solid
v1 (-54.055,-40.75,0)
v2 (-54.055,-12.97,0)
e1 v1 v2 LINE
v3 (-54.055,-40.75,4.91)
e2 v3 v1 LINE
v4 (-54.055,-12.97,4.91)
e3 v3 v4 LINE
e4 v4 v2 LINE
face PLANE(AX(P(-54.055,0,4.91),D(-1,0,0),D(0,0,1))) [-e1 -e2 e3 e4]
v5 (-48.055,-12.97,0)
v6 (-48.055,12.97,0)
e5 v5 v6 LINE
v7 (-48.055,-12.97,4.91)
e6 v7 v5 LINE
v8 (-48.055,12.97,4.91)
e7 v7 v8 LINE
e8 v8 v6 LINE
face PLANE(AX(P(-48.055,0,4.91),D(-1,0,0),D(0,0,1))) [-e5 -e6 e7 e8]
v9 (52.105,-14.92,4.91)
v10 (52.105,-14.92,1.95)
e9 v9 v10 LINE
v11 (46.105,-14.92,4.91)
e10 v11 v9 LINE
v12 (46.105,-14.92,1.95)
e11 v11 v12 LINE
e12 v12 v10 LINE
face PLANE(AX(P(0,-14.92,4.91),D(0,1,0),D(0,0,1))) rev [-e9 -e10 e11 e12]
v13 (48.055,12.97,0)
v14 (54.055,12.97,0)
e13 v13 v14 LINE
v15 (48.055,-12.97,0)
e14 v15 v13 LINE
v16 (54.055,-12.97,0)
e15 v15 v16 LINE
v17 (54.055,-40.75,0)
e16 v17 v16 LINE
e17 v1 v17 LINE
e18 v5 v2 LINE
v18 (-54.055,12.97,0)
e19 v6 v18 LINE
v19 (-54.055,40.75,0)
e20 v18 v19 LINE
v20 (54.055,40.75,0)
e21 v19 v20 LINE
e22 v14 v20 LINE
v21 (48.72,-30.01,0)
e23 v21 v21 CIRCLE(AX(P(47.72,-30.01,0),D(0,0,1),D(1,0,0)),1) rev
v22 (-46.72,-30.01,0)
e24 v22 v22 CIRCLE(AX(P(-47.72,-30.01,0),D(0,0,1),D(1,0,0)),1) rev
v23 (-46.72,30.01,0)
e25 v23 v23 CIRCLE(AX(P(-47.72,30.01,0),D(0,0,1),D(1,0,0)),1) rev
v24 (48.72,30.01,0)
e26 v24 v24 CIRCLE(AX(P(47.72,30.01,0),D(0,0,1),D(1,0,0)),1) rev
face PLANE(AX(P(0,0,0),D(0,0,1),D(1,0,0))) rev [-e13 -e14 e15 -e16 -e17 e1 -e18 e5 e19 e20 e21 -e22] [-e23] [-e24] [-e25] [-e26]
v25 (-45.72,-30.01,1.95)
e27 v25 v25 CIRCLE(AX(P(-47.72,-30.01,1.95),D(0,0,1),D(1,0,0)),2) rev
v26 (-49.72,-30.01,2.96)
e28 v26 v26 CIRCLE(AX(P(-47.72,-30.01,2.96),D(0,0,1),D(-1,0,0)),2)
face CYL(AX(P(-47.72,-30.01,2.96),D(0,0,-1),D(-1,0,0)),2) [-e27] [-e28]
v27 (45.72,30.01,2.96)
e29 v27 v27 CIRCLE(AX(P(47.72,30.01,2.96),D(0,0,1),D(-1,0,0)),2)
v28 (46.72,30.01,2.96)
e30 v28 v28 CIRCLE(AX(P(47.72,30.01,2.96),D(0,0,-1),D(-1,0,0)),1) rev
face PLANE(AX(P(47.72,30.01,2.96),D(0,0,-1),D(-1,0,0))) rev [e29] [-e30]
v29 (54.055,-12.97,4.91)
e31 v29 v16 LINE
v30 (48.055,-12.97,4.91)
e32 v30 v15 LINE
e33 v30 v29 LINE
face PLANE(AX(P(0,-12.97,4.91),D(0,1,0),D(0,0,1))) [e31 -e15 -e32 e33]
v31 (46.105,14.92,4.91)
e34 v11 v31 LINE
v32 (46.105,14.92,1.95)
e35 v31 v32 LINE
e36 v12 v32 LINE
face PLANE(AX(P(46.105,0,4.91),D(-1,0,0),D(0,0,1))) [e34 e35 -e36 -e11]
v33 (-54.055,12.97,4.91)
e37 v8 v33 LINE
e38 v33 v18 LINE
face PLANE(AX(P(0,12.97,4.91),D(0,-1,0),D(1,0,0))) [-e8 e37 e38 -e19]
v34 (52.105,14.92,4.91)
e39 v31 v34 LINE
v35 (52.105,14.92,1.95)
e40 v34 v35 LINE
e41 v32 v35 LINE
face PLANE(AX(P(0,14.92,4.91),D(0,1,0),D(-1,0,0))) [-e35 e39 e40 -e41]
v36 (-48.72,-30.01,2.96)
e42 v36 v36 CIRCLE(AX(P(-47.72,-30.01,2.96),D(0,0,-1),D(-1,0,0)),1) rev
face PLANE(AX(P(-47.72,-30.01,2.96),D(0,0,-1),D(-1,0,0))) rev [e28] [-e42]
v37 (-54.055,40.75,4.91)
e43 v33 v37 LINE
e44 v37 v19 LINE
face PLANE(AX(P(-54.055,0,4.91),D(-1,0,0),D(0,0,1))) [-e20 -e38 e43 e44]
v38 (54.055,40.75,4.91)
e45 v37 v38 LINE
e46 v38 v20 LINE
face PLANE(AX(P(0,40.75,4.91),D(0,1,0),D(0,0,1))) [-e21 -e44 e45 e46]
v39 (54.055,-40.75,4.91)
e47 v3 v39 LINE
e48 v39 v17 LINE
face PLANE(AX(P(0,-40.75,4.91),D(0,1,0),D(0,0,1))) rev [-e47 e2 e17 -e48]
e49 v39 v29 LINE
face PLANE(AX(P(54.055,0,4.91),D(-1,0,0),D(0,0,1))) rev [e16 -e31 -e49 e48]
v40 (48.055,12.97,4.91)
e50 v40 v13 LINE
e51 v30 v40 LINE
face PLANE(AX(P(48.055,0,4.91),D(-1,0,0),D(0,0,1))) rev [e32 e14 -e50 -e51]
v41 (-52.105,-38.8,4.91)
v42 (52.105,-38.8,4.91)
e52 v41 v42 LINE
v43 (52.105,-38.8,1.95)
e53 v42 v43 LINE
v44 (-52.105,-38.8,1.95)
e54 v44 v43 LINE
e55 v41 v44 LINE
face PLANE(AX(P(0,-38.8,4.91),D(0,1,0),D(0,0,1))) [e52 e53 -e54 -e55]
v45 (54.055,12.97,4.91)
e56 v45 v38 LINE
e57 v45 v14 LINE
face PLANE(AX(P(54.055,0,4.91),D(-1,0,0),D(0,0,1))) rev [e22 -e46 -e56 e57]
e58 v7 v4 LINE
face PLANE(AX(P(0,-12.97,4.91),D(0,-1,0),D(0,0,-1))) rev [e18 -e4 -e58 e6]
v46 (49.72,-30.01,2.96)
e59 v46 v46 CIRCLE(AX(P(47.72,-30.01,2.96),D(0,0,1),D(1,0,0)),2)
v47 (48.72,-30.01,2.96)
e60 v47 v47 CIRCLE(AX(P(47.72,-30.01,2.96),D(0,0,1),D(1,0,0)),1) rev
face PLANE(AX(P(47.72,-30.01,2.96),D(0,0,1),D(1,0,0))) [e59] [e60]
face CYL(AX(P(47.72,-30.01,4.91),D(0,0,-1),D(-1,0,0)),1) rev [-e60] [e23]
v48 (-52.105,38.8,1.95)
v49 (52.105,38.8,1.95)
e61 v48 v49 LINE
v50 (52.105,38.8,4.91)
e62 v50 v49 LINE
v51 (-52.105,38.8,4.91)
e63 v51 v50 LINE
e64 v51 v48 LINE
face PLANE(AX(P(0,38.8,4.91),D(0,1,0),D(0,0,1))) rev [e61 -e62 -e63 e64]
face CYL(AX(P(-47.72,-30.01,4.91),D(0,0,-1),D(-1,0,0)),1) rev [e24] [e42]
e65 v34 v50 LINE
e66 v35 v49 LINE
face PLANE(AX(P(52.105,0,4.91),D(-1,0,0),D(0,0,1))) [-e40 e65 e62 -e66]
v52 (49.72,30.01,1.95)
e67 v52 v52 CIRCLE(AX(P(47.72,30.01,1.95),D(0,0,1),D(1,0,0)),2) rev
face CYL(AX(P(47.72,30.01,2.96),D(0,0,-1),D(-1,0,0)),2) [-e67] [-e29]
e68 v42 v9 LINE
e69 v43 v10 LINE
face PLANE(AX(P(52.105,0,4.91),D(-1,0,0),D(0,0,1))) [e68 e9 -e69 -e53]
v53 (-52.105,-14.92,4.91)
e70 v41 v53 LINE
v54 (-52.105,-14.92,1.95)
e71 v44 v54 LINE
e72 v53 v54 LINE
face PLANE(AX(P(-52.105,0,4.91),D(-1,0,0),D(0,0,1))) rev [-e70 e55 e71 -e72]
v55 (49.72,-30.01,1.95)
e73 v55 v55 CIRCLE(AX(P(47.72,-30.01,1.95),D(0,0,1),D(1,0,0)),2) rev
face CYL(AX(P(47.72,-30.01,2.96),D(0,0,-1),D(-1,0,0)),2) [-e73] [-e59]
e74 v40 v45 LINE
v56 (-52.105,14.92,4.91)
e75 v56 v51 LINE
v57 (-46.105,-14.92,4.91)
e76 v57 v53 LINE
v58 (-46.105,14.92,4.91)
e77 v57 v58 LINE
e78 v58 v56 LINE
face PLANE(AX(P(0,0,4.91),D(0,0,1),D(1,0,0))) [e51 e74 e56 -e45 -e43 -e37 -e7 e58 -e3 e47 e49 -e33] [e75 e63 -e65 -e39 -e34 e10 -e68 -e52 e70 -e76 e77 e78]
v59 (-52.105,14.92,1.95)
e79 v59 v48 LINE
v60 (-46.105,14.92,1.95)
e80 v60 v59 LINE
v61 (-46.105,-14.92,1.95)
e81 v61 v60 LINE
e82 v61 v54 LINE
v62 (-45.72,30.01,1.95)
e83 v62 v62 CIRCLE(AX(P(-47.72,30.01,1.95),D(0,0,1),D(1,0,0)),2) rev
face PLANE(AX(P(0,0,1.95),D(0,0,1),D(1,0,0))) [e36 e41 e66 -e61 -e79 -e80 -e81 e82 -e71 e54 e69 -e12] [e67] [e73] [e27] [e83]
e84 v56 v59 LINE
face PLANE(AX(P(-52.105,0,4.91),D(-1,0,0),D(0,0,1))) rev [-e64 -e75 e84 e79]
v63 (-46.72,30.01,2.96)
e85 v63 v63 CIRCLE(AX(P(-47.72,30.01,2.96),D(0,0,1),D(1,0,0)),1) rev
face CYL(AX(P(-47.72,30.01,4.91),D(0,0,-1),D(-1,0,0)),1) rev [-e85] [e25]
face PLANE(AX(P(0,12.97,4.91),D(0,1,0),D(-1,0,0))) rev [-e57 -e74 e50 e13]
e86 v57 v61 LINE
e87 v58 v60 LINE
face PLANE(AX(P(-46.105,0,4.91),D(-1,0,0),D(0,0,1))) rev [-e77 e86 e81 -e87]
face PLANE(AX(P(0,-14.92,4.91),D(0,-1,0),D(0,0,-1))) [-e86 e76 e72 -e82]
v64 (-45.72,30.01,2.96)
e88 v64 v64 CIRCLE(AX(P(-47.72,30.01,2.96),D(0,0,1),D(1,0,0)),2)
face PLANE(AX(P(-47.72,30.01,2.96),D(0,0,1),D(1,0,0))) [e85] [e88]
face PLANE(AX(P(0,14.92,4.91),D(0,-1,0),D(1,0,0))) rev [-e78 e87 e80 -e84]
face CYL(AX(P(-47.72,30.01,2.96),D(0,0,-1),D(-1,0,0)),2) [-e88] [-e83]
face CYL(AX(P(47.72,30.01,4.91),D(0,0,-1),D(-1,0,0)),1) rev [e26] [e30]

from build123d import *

# Parameters (mm, degrees)
SALIENTE_EXTRUIR1_DEPTH    = 4.91
VACIADO1_T                 = -1.95
CROQUIS3_R                 = 2
SALIENTE_EXTRUIR3_DEPTH    = 2.96
CORTAR_EXTRUIR1_DEPTH      = 68.872038609
CORTAR_EXTRUIR1_DEPTH_BACK = 2.96
CROQUIS4_R                 = 1


with BuildPart() as part:
    # Croquis1 → Saliente-Extruir1 (new body)
    with BuildSketch(Plane.XY):
        Polygon((-54.055, -12.97), (-54.055, -40.75), (54.055, -40.75), (54.055, -12.97), (48.055, -12.97), (48.055, 12.97), (54.055, 12.97), (54.055, 40.75), (-54.055, 40.75), (-54.055, 12.97), (-48.055, 12.97), (-48.055, -12.97), align=None)
    extrude(amount=SALIENTE_EXTRUIR1_DEPTH)

    # Vaciado1
    vaciado1_openings = [part.faces().sort_by_distance(p)[0] for p in [
        (0, 0, 4.91),
    ]]
    offset(amount=VACIADO1_T, openings=vaciado1_openings, kind=Kind.INTERSECTION)

    # Croquis3 → Saliente-Extruir3 (add)
    with BuildSketch(Plane.XY):
        with Locations((-47.72, 30.01)):
            Circle(CROQUIS3_R)
        with Locations(Location((47.72, 30.01, 0), (0, 0, 180))):
            Circle(CROQUIS3_R)
        with Locations((47.72, -30.01)):
            Circle(CROQUIS3_R)
        with Locations(Location((-47.72, -30.01, 0), (0, 0, 180))):
            Circle(CROQUIS3_R)
    extrude(amount=SALIENTE_EXTRUIR3_DEPTH)

    # Croquis4 → Cortar-Extruir1 (cut, two sides: drawn at the far end of the back side and taken through both)
    with BuildSketch(Plane.XY.offset(-CORTAR_EXTRUIR1_DEPTH_BACK)):
        with Locations((-47.72, 30.01)):
            Circle(CROQUIS4_R)
        with Locations(Location((47.72, 30.01, 0), (0, 0, 180))):
            Circle(CROQUIS4_R)
        with Locations((47.72, -30.01)):
            Circle(CROQUIS4_R)
        with Locations(Location((-47.72, -30.01, 0), (0, 0, 180))):
            Circle(CROQUIS4_R)
    extrude(amount=CORTAR_EXTRUIR1_DEPTH + CORTAR_EXTRUIR1_DEPTH_BACK, mode=Mode.SUBTRACT)


solid = part.part
